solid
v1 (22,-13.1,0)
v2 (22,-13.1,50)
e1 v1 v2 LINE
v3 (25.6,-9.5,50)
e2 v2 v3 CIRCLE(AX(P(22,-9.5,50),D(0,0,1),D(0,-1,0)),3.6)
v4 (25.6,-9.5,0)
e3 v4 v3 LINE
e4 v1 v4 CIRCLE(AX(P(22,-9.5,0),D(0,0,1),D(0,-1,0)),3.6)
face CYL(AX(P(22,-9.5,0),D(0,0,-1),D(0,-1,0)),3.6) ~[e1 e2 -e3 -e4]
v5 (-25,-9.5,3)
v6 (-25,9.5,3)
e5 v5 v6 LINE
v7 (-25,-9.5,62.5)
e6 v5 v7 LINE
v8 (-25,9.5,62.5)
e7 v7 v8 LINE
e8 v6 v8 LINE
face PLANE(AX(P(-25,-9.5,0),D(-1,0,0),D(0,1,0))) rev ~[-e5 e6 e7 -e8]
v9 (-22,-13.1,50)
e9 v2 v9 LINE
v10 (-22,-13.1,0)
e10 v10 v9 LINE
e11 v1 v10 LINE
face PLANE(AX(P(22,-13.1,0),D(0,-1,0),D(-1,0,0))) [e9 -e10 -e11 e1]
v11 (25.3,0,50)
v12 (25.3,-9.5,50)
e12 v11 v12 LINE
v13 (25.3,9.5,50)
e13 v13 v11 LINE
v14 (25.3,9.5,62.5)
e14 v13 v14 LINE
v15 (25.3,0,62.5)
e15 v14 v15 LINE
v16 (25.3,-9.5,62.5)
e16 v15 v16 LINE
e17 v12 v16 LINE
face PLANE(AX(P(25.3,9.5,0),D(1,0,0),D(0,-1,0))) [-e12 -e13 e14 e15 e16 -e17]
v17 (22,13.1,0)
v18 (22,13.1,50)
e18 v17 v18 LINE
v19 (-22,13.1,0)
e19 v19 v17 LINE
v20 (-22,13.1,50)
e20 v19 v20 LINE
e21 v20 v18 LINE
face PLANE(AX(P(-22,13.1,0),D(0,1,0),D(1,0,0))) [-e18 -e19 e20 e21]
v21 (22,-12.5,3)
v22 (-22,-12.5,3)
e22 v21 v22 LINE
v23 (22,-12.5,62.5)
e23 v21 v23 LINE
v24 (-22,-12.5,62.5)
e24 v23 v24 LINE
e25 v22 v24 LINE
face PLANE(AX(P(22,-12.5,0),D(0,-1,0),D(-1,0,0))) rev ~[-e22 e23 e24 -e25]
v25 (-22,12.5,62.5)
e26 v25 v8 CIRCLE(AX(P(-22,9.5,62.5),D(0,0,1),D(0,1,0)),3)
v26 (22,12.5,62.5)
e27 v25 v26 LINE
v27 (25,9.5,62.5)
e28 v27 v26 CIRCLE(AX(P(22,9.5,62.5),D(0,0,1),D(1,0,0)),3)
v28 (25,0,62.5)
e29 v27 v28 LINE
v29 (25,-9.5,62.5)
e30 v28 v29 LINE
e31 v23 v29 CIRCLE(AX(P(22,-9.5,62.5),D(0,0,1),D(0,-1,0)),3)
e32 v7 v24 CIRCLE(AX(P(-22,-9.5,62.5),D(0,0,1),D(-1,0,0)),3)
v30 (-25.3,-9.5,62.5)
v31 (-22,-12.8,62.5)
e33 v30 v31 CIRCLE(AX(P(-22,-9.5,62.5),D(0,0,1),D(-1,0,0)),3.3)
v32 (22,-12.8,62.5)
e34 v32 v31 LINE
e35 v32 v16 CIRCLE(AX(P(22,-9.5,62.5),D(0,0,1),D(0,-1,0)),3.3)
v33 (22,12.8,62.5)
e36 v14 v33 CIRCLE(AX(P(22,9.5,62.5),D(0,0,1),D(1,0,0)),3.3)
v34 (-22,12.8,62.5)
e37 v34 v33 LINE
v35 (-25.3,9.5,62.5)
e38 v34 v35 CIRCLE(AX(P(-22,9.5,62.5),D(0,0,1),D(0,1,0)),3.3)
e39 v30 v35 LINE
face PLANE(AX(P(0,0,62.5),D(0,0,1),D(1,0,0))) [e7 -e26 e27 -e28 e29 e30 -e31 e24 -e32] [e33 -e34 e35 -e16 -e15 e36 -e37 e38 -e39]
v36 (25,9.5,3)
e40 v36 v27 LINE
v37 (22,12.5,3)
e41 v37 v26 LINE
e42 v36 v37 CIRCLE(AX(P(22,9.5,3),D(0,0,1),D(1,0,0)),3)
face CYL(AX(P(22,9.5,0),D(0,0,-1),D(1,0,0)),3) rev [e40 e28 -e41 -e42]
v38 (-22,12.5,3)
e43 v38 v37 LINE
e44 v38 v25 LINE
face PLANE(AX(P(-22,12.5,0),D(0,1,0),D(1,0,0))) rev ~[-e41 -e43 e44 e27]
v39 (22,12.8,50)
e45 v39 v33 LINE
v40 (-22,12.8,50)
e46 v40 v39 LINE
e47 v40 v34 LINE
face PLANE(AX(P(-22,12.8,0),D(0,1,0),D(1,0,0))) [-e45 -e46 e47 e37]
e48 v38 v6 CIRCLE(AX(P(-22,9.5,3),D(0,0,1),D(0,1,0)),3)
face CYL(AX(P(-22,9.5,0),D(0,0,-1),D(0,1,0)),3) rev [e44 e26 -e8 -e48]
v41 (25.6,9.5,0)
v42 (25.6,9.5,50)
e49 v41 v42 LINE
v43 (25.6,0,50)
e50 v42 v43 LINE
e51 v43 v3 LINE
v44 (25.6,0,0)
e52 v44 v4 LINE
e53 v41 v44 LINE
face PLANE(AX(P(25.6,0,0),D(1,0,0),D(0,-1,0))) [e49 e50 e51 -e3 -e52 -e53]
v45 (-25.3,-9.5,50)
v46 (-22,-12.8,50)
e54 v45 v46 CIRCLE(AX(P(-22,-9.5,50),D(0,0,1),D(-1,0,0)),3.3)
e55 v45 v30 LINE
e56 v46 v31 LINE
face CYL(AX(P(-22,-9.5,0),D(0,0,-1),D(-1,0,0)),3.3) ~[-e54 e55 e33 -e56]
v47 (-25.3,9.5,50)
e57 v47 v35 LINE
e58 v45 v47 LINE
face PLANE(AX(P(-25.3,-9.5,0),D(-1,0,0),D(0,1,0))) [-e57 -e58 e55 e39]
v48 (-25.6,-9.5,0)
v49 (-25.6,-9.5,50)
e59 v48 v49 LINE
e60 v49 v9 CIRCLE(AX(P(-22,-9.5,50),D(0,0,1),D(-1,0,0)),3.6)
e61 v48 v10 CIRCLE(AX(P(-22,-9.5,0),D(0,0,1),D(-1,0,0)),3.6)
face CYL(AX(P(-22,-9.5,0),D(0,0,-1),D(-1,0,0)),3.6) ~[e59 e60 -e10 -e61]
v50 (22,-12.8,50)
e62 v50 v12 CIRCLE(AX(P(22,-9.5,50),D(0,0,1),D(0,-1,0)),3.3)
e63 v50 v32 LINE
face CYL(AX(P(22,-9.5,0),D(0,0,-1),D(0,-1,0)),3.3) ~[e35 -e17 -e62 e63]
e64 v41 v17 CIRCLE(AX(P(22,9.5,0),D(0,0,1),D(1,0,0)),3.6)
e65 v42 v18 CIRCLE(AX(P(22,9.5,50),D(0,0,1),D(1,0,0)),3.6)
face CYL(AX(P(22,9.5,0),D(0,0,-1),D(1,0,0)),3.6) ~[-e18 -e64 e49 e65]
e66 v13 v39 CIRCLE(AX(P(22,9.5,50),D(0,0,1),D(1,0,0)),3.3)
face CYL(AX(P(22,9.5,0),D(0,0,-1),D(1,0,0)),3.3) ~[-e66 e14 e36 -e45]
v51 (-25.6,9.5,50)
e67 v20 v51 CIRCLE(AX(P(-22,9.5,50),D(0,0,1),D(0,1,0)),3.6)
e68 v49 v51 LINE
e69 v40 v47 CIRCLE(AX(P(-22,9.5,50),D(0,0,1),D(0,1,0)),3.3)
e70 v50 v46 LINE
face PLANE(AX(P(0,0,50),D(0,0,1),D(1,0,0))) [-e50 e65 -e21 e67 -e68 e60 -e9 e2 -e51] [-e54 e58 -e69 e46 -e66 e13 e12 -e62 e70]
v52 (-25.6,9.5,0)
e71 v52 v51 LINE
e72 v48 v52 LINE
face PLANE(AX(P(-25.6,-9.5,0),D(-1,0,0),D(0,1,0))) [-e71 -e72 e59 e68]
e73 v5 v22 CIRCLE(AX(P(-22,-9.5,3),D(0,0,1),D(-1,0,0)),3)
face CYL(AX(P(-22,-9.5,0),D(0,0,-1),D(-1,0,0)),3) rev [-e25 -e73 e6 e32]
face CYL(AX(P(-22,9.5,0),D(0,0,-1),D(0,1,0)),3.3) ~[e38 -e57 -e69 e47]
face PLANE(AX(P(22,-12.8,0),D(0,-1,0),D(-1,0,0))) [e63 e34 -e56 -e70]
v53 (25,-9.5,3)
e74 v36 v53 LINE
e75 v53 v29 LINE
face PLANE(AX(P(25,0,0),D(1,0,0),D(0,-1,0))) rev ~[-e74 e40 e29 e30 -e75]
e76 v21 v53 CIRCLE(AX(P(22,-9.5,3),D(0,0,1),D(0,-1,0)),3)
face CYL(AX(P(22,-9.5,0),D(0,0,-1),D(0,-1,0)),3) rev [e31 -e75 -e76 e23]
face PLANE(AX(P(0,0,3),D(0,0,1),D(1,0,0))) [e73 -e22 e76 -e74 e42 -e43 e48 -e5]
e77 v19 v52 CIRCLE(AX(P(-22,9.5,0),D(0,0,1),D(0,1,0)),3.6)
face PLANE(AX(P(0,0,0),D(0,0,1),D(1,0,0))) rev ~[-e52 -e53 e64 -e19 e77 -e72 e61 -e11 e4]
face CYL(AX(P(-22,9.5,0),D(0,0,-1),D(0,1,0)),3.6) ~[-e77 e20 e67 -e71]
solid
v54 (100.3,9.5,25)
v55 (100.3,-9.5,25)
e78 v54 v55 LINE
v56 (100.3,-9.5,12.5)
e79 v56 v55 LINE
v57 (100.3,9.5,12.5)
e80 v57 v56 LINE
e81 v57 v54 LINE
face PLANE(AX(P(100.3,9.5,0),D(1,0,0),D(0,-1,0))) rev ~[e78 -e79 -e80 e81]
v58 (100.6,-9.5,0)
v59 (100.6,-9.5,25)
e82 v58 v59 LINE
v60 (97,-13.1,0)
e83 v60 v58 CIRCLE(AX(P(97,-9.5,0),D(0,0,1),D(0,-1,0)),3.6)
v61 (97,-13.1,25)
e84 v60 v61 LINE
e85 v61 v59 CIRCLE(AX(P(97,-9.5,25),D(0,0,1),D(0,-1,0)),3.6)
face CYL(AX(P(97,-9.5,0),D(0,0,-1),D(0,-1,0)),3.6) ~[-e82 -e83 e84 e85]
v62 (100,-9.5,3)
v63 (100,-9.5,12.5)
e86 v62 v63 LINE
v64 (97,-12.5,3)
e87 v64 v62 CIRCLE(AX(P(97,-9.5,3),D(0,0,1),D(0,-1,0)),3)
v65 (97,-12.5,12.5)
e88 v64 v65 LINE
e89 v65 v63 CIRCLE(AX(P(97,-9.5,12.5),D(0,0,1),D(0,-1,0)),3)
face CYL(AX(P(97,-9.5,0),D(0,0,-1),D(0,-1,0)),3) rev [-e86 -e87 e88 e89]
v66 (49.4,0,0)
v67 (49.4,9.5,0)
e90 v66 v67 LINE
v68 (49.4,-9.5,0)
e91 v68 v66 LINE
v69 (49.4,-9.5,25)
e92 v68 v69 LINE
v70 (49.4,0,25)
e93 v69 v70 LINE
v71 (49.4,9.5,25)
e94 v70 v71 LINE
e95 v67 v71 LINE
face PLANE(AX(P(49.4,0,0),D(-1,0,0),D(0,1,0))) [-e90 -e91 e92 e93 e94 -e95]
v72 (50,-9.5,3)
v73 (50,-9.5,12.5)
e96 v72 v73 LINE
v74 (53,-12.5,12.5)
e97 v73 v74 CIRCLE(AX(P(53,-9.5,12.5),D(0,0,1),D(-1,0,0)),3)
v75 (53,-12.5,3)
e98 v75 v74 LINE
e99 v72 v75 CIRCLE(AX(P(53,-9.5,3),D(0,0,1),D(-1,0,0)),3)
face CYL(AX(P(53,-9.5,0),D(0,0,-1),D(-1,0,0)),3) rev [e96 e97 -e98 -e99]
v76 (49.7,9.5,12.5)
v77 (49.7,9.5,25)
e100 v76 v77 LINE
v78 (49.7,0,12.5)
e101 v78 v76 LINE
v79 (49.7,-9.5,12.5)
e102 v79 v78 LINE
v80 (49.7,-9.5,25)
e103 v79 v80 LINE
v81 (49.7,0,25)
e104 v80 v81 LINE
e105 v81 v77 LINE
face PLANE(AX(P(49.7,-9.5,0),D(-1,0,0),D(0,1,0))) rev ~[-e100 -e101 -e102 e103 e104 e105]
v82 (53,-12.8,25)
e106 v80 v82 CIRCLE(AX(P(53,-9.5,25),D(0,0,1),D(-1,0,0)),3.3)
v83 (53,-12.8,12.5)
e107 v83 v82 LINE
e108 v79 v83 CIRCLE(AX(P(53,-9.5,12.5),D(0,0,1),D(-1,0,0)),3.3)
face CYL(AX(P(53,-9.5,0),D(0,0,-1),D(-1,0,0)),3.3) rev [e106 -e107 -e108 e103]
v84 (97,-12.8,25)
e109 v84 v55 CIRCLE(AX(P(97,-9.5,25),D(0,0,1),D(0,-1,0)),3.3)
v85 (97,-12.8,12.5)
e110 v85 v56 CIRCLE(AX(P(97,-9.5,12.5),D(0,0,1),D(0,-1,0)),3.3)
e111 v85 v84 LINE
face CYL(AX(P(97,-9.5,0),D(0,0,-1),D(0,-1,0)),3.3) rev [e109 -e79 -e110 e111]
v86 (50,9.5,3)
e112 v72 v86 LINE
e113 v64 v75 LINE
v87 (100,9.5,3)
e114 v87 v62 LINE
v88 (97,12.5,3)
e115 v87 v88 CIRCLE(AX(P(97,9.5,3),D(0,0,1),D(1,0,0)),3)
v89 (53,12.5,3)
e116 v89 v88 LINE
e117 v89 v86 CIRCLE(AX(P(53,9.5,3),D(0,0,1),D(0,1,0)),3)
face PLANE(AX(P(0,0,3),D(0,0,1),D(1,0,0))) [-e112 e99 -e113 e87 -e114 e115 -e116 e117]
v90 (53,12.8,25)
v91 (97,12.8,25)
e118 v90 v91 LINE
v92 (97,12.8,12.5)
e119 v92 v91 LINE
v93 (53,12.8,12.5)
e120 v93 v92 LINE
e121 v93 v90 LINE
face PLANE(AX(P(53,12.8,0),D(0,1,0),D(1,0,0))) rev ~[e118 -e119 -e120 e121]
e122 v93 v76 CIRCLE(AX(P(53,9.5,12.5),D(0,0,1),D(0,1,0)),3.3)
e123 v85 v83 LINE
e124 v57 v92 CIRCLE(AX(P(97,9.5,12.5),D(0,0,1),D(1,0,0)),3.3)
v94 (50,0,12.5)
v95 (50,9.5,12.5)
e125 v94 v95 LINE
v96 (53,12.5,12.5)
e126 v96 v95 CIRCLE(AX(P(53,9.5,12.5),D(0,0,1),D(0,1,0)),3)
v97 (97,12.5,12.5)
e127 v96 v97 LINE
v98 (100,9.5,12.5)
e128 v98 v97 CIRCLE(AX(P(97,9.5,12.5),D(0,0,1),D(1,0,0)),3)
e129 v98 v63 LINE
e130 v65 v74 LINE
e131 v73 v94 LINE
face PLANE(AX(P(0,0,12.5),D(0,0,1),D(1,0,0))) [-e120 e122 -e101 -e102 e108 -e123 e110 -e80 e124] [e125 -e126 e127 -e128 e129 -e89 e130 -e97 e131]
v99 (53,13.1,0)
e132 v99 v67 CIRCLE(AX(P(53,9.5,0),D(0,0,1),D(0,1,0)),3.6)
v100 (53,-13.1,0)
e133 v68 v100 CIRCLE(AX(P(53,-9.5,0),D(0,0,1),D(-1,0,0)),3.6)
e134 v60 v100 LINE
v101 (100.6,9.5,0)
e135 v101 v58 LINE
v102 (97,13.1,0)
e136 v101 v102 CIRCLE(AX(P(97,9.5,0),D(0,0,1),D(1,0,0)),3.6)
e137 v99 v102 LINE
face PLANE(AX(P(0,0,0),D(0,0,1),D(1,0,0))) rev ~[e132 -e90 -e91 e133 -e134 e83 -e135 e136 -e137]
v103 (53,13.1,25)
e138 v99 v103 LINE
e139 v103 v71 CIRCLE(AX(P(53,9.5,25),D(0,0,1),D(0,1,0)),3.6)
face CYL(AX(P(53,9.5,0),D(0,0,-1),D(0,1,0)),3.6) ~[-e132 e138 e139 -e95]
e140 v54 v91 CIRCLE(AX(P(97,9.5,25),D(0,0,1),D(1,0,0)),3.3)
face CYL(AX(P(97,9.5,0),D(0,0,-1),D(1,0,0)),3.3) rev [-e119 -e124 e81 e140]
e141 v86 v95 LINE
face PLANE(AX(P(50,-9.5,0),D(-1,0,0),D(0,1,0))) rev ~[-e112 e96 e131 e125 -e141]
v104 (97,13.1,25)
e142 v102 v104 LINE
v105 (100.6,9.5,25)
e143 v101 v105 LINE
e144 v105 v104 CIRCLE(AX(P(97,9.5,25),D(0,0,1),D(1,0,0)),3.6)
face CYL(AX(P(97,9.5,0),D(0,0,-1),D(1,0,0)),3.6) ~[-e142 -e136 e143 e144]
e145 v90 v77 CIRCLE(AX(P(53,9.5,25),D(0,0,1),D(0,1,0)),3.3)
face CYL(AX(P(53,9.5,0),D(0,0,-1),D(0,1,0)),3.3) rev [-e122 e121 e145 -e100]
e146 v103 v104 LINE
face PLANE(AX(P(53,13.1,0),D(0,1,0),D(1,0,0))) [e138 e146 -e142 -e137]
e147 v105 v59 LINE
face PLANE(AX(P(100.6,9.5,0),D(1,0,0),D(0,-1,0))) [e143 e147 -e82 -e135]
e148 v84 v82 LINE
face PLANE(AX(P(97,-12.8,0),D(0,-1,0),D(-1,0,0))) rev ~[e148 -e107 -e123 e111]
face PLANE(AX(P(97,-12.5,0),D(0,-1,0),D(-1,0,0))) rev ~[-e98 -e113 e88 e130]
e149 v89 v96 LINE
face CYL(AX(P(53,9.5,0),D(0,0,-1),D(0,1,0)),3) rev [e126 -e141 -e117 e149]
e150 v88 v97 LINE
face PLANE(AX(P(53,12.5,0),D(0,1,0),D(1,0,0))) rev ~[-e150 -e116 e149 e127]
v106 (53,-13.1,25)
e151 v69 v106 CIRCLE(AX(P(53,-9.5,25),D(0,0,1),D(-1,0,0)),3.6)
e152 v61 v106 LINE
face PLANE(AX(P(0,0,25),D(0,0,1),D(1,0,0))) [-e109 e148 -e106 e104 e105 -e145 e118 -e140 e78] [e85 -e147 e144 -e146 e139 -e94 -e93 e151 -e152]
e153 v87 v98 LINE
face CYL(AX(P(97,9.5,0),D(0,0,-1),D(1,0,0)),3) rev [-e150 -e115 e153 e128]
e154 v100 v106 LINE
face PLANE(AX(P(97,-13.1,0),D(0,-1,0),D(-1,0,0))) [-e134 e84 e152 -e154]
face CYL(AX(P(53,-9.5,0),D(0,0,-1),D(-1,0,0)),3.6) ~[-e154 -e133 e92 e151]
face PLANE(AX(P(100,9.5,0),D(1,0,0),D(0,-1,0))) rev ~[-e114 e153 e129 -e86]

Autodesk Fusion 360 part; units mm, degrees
sketch "Sketch1" plane through (0, 0, 0) normal (0, 0, 1) x (1, 0, 0)
  line L0 (22, -12.5) -> (-22, -12.5)
  line L1 (-25, -9.5) -> (-25, 9.5)
  line L2 (-22, 12.5) -> (22, 12.5)
  line L3 (25, 9.5) -> (25, -9.5)
  line L4 (25, -12.5) -> (-25, 12.5) construction
  line L5 (-25, -12.5) -> (25, 12.5) construction
  line L6 (0, 0) -> (75, 0)
  line L7 (97, -12.5) -> (53, -12.5)
  line L8 (50, -9.5) -> (50, 9.5)
  line L9 (53, 12.5) -> (97, 12.5)
  line L10 (100, 9.5) -> (100, -9.5)
  line L11 (100, -12.5) -> (50, 12.5) construction
  line L12 (50, -12.5) -> (100, 12.5) construction
  arc A0 (53, 12.5) -> (50, 9.5) centre (53, 9.5) ccw
  arc A1 (100, 9.5) -> (97, 12.5) centre (97, 9.5) ccw
  arc A2 (50, -9.5) -> (53, -12.5) centre (53, -9.5) ccw
  arc A3 (97, -12.5) -> (100, -9.5) centre (97, -9.5) ccw
  arc A4 (50, -9.5) -> (53, -12.5) centre (53, -9.5) ccw
  arc A5 (-22, 12.5) -> (-25, 9.5) centre (-22, 9.5) ccw
  arc A6 (-25, -9.5) -> (-22, -12.5) centre (-22, -9.5) ccw
  arc A7 (25, 9.5) -> (22, 12.5) centre (22, 9.5) ccw
  arc A8 (22, -12.5) -> (25, -9.5) centre (22, -9.5) ccw
  arc A9 (25, 9.5) -> (22, 12.5) centre (22, 9.5) ccw
  arc A10 (-25, -9.5) -> (-22, -12.5) centre (-22, -9.5) ccw
  arc A11 (22, -12.5) -> (25, -9.5) centre (22, -9.5) ccw
  arc A12 (25.3, 9.5) -> (22, 12.8) centre (22, 9.5) ccw
  line L13 (-22, 12.8) -> (22, 12.8)
  arc A13 (-22, 12.8) -> (-25.3, 9.5) centre (-22, 9.5) ccw
  line L14 (-25.3, -9.5) -> (-25.3, 9.5)
  arc A14 (-25.3, -9.5) -> (-22, -12.8) centre (-22, -9.5) ccw
  line L15 (22, -12.8) -> (-22, -12.8)
  arc A15 (22, -12.8) -> (25.3, -9.5) centre (22, -9.5) ccw
  line L16 (25.3, 9.5) -> (25.3, -9.5)
  arc A16 (25.6, 9.5) -> (22, 13.1) centre (22, 9.5) ccw
  line L17 (-22, 13.1) -> (22, 13.1)
  arc A17 (-22, 13.1) -> (-25.6, 9.5) centre (-22, 9.5) ccw
  line L18 (-25.6, -9.5) -> (-25.6, 9.5)
  arc A18 (-25.6, -9.5) -> (-22, -13.1) centre (-22, -9.5) ccw
  line L19 (22, -13.1) -> (-22, -13.1)
  arc A19 (22, -13.1) -> (25.6, -9.5) centre (22, -9.5) ccw
  line L20 (25.6, 9.5) -> (25.6, -9.5)
  arc A20 (100.3, 9.5) -> (97, 12.8) centre (97, 9.5) ccw
  line L21 (53, 12.8) -> (97, 12.8)
  arc A21 (53, 12.8) -> (49.7, 9.5) centre (53, 9.5) ccw
  line L22 (49.7, -9.5) -> (49.7, 9.5)
  arc A22 (49.7, -9.5) -> (53, -12.8) centre (53, -9.5) ccw
  line L23 (97, -12.8) -> (53, -12.8)
  arc A23 (97, -12.8) -> (100.3, -9.5) centre (97, -9.5) ccw
  line L24 (100.3, 9.5) -> (100.3, -9.5)
  arc A24 (100.6, 9.5) -> (97, 13.1) centre (97, 9.5) ccw
  line L25 (53, 13.1) -> (97, 13.1)
  arc A25 (53, 13.1) -> (49.4, 9.5) centre (53, 9.5) ccw
  line L26 (49.4, -9.5) -> (49.4, 9.5)
  arc A26 (49.4, -9.5) -> (53, -13.1) centre (53, -9.5) ccw
  line L27 (97, -13.1) -> (53, -13.1)
  arc A27 (97, -13.1) -> (100.6, -9.5) centre (97, -9.5) ccw
  line L28 (100.6, 9.5) -> (100.6, -9.5)
  point P0 (75, 0)
  dimension "d9" = 50
  dimension "d10" = 25
  dimension "d12" = 75
  dimension "d13" = 50
  dimension "d14" = 25
  dimension "d16" = 3
  dimension "d17" = 3
  dimension "d18" = 3
  dimension "d19" = 3
  dimension "d20" = 3
  dimension "d21" = 3
  dimension "d22" = 3
  dimension "d23" = 3
extrude "Extrude1" add sketch "Sketch1" along normal blind 3 contours L7 L8 L9 L10 A0 A1 A2 A3 A4 makes body 1
extrude "Extrude2" add sketch "Sketch1" along normal up to surface (3 mm away) separate body contours L0 L1 L2 L3 A5 A6 A7 A8 A9 A10 A11 makes body 2
extrude "Extrude3" add sketch "Sketch1" along normal blind 50 separate body contours A16 L17 A17 L18 A18 L19 A19 L20 makes body 3
extrude "Extrude4" add sketch "Sketch1" along normal blind 62.5 contours A12 L13 A13 L14 A14 L15 A15 L16 bodies 2 3
extrude "Extrude5" add sketch "Sketch1" along normal blind 25 separate body contours A24 L25 A25 L26 A26 L27 A27 L28 makes body 4
extrude "Extrude6" add sketch "Sketch1" along normal blind 12.5 contours A20 L21 A21 L22 A22 L23 A23 L24 bodies 1 4
equation "RECLONG = 50 mm"
equation "recShort = RECLONG / 2"
equation "FILLET = 3 mm"
equation "RECLENGTH = 50 mm"
equation "cupLength = RECLENGTH + RECLENGTH / 4"
equation "tipLength = RECLENGTH / 2"
equation "tipInlength = cupLength - RECLENGTH"
equation "d9 = RECLONG"
equation "d10 = recShort"
equation "distance = RECLONG * 1.5"
equation "d12 = distance"
equation "d13 = RECLONG"
equation "d14 = recShort"
equation "snugslipoffset = 0.3 mm"
equation "d16 = FILLET"
equation "d17 = FILLET"
equation "d18 = FILLET"
equation "d19 = FILLET"
equation "d20 = FILLET"
equation "d21 = FILLET"
equation "d22 = FILLET"
equation "d23 = FILLET"
equation "d24 = -snugslipoffset"
equation "d25 = -snugslipoffset"
equation "d26 = -snugslipoffset"
equation "d27 = -snugslipoffset"
equation "d32 = RECLENGTH"
equation "d34 = cupLength"
equation "d36 = tipLength"
equation "d38 = tipInlength"
